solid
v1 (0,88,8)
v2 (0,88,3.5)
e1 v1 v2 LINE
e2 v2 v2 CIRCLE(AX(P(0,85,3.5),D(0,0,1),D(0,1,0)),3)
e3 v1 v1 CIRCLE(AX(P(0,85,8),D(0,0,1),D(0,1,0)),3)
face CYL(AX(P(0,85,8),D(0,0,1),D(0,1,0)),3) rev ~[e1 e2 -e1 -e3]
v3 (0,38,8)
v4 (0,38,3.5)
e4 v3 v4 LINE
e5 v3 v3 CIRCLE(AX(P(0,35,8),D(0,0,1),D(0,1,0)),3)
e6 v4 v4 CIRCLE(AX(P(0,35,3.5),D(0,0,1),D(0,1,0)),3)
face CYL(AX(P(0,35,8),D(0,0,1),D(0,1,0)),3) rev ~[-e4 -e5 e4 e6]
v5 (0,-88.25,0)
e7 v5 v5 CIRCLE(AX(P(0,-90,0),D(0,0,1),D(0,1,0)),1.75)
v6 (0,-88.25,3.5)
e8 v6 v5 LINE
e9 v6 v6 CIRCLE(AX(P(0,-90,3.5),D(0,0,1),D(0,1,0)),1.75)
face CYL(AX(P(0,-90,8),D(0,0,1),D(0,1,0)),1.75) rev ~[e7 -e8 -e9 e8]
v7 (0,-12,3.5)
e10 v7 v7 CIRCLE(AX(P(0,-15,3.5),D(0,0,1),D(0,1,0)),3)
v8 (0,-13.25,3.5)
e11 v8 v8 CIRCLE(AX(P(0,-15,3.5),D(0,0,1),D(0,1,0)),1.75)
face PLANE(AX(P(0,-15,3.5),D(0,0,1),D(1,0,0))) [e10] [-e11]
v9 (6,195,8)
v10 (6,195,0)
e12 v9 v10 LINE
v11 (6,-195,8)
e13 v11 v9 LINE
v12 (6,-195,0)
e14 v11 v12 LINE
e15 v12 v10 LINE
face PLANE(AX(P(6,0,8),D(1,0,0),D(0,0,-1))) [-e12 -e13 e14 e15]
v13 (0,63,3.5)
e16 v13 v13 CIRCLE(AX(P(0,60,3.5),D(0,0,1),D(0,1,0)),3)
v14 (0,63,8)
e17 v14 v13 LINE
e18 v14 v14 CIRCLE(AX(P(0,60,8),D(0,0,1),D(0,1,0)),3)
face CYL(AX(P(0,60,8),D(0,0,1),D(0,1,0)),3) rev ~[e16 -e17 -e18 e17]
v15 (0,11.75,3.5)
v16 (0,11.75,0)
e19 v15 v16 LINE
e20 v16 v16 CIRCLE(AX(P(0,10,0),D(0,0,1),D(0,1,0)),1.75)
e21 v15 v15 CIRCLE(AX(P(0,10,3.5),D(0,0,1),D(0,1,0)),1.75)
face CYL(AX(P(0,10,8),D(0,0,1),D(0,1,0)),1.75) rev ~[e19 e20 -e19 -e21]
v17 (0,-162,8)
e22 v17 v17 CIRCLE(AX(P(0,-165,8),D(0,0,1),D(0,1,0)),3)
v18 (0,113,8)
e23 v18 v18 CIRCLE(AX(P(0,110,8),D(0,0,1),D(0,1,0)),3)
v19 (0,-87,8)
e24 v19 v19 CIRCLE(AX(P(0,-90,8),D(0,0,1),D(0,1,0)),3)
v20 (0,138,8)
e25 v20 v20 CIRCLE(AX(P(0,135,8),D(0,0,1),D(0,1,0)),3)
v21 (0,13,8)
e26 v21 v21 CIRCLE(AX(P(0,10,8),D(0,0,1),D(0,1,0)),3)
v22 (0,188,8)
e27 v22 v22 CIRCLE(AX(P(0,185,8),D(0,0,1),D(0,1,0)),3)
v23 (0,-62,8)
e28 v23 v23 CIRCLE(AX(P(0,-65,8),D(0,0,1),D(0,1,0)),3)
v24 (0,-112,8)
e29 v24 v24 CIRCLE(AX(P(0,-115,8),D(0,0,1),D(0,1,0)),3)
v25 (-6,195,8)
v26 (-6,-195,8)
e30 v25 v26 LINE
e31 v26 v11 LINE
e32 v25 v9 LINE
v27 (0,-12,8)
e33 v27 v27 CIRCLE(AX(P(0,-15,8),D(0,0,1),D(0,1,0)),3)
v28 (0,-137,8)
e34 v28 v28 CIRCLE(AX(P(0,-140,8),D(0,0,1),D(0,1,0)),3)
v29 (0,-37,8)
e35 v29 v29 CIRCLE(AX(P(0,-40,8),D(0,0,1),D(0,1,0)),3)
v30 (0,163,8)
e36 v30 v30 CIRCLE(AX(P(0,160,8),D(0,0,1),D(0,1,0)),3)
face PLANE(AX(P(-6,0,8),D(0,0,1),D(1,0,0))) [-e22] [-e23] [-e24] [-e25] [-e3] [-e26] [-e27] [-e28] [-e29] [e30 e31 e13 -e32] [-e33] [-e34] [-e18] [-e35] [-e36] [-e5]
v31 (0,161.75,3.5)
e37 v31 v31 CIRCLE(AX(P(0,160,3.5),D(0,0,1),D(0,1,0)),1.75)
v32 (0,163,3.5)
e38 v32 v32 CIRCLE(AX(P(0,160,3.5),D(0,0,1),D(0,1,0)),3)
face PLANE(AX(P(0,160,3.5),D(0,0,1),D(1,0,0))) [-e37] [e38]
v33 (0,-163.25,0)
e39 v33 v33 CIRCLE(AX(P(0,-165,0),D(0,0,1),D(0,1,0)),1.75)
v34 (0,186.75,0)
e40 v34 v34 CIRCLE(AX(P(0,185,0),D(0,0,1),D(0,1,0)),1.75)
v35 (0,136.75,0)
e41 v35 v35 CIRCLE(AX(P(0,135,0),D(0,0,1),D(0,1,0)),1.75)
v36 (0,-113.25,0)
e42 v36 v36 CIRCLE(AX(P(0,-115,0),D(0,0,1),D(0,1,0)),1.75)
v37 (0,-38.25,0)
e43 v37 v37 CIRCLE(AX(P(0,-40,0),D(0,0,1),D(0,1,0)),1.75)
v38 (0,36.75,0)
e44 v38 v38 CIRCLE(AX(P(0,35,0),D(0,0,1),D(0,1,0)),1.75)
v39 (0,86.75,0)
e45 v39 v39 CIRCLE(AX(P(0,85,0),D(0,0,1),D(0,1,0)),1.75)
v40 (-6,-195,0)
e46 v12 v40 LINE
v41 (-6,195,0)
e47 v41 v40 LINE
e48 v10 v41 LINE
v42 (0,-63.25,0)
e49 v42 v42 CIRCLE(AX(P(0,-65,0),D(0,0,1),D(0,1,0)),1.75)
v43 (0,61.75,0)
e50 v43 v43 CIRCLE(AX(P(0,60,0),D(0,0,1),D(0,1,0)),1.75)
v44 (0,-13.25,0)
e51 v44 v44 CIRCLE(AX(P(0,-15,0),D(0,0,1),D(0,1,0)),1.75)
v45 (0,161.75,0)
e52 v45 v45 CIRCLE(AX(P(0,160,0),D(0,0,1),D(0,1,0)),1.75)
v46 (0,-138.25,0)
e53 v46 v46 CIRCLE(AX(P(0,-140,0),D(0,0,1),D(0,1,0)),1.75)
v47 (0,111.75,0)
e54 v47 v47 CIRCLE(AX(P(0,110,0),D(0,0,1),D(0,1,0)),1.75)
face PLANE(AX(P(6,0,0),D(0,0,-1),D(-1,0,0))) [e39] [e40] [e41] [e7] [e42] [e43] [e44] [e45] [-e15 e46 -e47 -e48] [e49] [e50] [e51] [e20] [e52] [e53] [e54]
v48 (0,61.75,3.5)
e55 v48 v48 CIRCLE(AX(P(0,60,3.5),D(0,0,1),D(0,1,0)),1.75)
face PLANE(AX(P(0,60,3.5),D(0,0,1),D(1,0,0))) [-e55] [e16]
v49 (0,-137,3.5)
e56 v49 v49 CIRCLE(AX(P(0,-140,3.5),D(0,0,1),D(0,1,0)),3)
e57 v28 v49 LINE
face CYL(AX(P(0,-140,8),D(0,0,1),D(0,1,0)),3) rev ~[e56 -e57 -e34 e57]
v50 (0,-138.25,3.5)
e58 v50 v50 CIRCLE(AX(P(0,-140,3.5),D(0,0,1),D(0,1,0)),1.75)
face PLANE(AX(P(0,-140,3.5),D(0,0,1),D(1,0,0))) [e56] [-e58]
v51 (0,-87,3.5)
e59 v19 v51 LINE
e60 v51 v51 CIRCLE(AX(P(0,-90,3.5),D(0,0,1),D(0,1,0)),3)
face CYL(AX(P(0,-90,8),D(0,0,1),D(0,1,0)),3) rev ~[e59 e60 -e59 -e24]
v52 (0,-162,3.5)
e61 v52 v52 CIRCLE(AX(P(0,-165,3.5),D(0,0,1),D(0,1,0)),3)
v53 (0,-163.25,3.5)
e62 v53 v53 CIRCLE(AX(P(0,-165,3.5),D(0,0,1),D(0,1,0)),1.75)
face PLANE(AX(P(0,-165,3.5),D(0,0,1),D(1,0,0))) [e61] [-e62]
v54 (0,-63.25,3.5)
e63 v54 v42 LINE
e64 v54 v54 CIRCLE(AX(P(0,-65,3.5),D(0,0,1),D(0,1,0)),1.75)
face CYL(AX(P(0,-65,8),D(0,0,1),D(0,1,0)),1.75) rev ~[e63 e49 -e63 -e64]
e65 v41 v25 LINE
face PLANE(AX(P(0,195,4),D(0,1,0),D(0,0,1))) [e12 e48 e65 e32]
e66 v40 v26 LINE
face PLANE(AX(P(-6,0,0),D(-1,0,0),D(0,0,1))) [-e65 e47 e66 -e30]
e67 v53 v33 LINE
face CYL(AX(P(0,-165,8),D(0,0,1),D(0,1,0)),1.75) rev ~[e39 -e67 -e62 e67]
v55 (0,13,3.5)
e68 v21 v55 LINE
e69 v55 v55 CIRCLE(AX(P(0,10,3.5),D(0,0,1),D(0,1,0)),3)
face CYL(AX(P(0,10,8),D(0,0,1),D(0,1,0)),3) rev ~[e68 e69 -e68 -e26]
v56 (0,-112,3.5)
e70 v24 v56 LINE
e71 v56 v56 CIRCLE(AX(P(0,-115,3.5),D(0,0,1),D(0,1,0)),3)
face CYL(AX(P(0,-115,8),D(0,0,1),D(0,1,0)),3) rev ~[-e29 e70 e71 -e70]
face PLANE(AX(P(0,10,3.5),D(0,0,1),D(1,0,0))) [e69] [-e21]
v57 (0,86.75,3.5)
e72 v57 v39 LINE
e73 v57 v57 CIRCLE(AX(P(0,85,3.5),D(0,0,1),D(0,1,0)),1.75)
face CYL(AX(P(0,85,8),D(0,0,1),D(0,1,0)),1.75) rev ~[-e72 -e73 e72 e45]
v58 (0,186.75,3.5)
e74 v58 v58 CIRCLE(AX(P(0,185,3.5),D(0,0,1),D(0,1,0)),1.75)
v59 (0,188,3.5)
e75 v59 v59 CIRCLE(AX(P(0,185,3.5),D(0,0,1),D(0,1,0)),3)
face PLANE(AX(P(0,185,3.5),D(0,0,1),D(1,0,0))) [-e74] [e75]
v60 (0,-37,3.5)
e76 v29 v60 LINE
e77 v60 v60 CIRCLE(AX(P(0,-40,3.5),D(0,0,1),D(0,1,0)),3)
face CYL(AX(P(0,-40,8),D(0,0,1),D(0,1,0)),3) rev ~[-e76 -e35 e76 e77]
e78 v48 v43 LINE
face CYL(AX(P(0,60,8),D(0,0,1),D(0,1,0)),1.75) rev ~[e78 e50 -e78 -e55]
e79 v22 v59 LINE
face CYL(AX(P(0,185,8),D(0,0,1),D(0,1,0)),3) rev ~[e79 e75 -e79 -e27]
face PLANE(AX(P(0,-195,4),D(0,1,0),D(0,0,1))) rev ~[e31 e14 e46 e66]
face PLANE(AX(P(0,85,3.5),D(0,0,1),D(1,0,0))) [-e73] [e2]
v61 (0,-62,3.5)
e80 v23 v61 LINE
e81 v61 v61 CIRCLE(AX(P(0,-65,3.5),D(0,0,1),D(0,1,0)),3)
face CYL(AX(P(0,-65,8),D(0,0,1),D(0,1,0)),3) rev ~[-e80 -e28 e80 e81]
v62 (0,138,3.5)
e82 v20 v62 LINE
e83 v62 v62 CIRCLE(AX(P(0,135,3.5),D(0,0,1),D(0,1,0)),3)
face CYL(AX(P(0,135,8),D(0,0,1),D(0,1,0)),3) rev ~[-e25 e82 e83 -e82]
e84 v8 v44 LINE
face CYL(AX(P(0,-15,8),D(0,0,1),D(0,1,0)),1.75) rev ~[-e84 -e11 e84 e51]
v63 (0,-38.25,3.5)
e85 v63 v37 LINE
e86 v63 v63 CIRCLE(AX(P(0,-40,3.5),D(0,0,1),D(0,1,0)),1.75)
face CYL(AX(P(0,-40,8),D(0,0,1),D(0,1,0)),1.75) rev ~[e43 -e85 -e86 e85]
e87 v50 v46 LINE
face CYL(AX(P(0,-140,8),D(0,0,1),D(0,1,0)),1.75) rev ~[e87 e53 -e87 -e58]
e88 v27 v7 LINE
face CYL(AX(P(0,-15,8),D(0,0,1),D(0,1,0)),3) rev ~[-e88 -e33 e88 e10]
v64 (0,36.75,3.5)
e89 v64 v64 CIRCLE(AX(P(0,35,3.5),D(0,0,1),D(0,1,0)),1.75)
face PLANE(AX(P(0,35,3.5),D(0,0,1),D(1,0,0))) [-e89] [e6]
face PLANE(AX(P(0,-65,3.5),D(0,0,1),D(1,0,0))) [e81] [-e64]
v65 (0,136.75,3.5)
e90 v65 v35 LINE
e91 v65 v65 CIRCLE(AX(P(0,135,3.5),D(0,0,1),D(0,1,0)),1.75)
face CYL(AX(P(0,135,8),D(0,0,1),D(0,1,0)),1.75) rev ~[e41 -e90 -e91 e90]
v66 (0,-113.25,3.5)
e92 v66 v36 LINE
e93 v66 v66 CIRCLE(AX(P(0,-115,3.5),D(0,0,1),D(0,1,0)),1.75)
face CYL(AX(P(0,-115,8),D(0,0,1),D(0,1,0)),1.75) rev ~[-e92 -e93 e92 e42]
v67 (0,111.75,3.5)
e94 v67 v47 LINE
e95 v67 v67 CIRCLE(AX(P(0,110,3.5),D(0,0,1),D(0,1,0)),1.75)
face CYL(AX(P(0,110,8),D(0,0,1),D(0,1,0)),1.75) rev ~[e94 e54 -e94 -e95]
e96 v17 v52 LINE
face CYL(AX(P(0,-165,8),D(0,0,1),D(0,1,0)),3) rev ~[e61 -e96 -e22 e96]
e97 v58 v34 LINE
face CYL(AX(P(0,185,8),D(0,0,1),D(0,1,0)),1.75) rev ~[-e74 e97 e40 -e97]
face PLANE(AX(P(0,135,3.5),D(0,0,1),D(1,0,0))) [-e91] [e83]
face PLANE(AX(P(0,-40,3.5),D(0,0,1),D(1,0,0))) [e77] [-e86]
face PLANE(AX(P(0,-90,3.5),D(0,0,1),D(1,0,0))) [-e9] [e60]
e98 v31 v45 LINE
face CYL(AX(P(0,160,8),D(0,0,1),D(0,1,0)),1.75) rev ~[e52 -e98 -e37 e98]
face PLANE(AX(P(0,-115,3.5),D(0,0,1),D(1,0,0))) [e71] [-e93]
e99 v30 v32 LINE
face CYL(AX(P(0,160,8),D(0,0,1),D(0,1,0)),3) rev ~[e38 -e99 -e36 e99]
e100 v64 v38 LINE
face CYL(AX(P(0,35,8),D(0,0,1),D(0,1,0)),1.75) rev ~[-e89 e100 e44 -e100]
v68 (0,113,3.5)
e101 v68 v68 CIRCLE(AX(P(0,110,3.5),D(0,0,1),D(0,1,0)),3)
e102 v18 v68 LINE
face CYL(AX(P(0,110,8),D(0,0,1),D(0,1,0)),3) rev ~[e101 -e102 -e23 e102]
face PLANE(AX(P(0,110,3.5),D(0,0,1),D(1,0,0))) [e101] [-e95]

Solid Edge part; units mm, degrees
sketch "Sketch1" plane through (0, 0, 0) normal (0, -1, 0) x (1, 0, 0)
  line L0 (-6, 8) -> (6, 8)
  line L1 (6, 8) -> (6, 0)
  line L2 (6, 0) -> (-6, 0)
  line L3 (-6, 0) -> (-6, 8)
  dimension "D1" = 12
  dimension "D2" = 8
extrude "Protrusion1" add sketch "Sketch1" along normal mid plane 390
sketch "Sketch2" plane through (0, 0, 8) normal (0, 0, 1) x (0, 1, 0)
  circle A0 centre (185, 0) radius 1.75
  dimension "D1" = 3.5
extrude "Cutout1" cut sketch "Sketch2" against normal through all
sketch "Sketch3" plane through (0, 0, 8) normal (0, 0, 1) x (0, 1, 0)
  circle A0 centre (185, 0) radius 3
  dimension "D1" = 6
extrude "ExtrudedCutout_2" cut sketch "Sketch3" against normal blind 4.5
pattern_linear "Pattern1" count 15 spacing 25 along (0, -1, 0) of "Cutout1", "ExtrudedCutout_2"
properties material "Stainless Steel, 410"
